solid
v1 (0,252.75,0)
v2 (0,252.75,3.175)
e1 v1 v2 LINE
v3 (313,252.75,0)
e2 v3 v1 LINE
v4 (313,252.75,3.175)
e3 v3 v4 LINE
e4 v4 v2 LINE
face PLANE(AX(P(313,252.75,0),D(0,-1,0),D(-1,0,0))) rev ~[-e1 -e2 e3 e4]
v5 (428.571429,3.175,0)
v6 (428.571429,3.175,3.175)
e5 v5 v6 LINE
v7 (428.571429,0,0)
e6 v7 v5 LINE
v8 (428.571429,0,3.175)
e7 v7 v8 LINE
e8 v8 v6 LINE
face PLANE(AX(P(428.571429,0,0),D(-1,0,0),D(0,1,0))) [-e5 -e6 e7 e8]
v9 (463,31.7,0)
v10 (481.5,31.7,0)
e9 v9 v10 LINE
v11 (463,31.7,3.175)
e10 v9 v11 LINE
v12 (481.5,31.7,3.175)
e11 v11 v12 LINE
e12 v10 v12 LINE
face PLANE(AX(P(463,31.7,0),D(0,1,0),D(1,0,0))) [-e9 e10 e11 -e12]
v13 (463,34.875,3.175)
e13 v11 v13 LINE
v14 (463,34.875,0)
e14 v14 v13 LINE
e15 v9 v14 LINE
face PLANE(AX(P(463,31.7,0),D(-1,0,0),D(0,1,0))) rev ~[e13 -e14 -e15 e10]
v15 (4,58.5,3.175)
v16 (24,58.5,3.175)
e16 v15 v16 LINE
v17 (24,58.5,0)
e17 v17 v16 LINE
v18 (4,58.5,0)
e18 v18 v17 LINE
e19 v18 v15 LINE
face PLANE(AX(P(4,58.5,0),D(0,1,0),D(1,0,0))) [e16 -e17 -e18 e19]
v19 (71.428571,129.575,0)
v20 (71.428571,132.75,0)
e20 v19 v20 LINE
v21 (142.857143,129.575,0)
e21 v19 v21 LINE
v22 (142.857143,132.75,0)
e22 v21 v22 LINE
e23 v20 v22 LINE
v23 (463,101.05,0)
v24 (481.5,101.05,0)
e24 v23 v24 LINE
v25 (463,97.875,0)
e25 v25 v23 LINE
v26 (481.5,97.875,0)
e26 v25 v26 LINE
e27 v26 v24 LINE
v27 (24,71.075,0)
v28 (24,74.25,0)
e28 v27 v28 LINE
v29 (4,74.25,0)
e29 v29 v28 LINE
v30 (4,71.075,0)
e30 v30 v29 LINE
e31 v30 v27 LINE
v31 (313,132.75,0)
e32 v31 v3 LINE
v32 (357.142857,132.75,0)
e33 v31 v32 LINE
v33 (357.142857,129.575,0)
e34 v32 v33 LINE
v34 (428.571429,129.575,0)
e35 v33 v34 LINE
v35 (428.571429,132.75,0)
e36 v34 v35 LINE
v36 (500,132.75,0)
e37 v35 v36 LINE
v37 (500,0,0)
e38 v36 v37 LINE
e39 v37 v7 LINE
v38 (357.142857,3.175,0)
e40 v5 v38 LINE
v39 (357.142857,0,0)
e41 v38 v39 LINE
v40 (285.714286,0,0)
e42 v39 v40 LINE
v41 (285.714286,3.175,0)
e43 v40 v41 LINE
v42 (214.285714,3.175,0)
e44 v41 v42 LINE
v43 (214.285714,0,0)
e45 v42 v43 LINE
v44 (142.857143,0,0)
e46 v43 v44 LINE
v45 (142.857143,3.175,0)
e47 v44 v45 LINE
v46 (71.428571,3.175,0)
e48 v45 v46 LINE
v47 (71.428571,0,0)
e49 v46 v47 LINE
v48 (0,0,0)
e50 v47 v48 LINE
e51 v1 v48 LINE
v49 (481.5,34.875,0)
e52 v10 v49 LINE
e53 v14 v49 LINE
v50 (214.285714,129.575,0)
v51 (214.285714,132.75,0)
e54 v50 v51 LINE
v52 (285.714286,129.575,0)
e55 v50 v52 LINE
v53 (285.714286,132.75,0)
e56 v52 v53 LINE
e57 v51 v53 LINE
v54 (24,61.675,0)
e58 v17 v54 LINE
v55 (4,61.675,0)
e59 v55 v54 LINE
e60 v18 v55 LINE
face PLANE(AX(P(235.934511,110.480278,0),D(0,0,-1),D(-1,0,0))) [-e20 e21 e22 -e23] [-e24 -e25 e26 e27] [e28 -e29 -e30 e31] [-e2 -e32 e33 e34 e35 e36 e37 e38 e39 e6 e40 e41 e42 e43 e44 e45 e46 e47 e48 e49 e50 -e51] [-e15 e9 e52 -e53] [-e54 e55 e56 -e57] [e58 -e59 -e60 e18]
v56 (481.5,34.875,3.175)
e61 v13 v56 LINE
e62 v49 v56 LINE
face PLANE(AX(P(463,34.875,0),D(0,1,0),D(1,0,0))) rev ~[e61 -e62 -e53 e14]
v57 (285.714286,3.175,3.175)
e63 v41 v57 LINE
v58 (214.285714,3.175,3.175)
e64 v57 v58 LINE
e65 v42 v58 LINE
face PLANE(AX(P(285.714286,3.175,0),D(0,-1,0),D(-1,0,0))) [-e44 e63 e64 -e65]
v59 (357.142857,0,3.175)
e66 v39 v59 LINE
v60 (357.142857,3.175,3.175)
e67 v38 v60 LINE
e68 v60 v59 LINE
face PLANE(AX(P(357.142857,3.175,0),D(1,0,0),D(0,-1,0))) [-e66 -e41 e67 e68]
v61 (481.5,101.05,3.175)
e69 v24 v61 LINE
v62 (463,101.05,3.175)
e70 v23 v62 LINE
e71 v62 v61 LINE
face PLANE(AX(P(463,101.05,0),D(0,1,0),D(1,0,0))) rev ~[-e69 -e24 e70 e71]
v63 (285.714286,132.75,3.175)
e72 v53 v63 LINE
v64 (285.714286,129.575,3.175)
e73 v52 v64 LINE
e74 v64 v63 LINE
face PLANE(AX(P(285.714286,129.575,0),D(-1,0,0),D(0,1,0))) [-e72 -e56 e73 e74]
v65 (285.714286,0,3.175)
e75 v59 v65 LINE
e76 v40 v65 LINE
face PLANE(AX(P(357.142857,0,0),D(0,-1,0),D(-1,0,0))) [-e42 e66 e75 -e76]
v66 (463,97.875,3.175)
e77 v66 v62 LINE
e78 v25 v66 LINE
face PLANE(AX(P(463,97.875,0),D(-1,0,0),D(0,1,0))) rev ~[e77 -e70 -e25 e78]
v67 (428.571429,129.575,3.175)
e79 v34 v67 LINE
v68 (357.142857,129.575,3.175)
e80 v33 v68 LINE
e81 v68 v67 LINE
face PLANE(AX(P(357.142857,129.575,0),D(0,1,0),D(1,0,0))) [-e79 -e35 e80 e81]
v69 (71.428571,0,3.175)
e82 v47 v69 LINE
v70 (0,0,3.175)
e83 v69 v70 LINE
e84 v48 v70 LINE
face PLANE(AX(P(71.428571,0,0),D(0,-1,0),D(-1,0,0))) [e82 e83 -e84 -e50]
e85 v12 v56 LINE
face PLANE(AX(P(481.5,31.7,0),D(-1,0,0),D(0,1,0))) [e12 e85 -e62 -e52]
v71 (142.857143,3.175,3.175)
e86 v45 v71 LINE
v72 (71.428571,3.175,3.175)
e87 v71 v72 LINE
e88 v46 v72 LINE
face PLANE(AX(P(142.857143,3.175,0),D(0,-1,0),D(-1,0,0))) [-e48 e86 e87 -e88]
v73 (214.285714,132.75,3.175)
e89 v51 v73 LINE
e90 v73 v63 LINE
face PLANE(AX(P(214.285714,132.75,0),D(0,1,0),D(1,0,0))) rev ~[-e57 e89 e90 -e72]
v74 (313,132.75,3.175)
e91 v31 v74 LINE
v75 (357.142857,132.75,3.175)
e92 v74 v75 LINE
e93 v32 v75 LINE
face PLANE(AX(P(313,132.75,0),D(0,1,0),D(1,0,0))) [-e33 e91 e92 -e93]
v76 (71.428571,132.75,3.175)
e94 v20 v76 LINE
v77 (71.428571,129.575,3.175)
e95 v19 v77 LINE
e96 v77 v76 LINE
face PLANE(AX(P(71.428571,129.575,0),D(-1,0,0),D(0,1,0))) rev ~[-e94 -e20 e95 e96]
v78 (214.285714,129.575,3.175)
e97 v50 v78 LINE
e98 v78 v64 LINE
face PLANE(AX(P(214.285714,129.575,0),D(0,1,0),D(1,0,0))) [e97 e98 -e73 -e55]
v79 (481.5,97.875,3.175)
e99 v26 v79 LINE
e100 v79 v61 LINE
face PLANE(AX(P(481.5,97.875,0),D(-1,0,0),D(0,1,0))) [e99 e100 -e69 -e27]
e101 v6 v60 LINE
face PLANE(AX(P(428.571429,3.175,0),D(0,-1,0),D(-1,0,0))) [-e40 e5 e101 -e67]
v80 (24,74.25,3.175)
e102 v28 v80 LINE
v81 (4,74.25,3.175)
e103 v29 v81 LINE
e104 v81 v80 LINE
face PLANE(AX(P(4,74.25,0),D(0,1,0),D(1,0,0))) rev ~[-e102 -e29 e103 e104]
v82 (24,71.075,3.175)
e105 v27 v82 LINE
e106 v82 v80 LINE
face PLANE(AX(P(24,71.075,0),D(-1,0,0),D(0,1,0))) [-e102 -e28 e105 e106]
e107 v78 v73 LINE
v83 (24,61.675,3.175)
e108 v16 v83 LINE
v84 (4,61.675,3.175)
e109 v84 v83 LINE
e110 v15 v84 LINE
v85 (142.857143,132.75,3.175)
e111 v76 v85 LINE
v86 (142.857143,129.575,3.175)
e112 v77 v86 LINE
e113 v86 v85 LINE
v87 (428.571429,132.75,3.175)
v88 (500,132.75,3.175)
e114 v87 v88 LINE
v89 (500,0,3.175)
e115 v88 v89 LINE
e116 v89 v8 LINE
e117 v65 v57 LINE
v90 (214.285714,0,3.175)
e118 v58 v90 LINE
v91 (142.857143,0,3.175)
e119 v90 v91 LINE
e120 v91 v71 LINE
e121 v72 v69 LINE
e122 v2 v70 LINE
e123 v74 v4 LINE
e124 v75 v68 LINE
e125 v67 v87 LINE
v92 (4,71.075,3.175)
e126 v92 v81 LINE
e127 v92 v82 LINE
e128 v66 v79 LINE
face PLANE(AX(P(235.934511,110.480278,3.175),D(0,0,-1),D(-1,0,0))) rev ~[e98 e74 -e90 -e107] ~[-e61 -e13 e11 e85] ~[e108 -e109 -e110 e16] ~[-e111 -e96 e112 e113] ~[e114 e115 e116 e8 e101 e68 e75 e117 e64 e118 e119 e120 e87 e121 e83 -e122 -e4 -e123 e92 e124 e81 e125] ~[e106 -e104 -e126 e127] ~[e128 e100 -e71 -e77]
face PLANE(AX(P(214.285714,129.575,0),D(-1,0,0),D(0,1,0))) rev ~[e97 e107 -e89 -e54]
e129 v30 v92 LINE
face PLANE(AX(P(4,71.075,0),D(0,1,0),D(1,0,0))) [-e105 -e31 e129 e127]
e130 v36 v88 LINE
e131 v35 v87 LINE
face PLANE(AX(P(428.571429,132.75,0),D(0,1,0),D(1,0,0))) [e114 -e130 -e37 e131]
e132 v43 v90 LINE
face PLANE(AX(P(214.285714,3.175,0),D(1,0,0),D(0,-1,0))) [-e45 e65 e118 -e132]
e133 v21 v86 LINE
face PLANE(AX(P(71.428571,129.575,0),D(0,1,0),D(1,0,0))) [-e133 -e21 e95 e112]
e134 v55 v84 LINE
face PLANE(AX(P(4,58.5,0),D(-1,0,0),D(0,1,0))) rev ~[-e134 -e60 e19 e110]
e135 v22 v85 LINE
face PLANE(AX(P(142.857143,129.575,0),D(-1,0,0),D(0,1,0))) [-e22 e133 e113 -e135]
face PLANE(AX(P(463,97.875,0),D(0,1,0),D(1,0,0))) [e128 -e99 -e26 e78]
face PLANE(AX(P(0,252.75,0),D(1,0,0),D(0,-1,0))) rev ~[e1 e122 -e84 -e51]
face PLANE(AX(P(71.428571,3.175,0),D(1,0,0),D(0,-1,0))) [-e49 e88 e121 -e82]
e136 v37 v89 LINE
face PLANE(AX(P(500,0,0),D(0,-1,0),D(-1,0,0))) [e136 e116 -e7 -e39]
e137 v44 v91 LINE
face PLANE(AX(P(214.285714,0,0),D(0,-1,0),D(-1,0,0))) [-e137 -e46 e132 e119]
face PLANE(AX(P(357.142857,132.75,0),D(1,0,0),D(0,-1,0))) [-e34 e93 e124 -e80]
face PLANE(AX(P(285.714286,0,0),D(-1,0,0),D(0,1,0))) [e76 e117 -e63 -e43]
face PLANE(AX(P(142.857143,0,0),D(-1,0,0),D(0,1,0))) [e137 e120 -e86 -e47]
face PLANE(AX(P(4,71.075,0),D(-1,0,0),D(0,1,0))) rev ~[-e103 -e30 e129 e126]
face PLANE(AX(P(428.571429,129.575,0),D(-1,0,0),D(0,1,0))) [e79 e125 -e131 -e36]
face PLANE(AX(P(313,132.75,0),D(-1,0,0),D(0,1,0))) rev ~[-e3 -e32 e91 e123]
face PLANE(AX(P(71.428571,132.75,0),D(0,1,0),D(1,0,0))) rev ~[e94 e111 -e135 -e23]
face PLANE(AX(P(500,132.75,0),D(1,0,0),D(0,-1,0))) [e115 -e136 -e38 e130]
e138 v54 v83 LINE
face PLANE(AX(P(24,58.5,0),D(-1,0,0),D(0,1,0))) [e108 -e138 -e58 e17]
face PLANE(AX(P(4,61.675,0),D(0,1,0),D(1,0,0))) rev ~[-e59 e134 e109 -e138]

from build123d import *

# Parameters (mm, degrees)
SKETCH1_W           = 71.428571428
SKETCH1_H           = 3.175
SKETCH1_W_2         = 20
SKETCH1_W_3         = 18.5
BOSS_EXTRUDE1_DEPTH = 3.175


with BuildPart() as part:
    # Sketch1 → Boss-Extrude1 (new body)
    with BuildSketch(Plane.XY):
        Polygon((0, 0), (0, 132.75), (0, 252.75), (278.222222222, 252.75), (313, 252.75), (313, 228.115), (313, 132.75), (357.142857143, 132.75), (357.142857143, 129.575), (428.571428571, 129.575), (428.571428571, 132.75), (500, 132.75), (500, 0), (428.571428571, 0), (428.571428571, 3.175), (357.142857143, 3.175), (357.142857143, 0), (285.714285714, 0), (285.714285714, 3.175), (214.285714286, 3.175), (214.285714286, 0), (142.857142857, 0), (142.857142857, 3.175), (71.428571429, 3.175), (71.428571429, 0), align=None)
        with Locations((107.142857143, 131.1625)):
            Rectangle(SKETCH1_W, SKETCH1_H, mode=Mode.SUBTRACT)
        with Locations((250, 131.1625)):
            Rectangle(SKETCH1_W, SKETCH1_H, mode=Mode.SUBTRACT)
        with Locations((14, 60.0875)):
            Rectangle(SKETCH1_W_2, SKETCH1_H, mode=Mode.SUBTRACT)
        with Locations((14, 72.6625)):
            Rectangle(SKETCH1_W_2, SKETCH1_H, mode=Mode.SUBTRACT)
        with Locations((472.25, 33.2875)):
            Rectangle(SKETCH1_W_3, SKETCH1_H, mode=Mode.SUBTRACT)
        with Locations((472.25, 99.4625)):
            Rectangle(SKETCH1_W_3, SKETCH1_H, mode=Mode.SUBTRACT)
    extrude(amount=BOSS_EXTRUDE1_DEPTH)


solid = part.part
